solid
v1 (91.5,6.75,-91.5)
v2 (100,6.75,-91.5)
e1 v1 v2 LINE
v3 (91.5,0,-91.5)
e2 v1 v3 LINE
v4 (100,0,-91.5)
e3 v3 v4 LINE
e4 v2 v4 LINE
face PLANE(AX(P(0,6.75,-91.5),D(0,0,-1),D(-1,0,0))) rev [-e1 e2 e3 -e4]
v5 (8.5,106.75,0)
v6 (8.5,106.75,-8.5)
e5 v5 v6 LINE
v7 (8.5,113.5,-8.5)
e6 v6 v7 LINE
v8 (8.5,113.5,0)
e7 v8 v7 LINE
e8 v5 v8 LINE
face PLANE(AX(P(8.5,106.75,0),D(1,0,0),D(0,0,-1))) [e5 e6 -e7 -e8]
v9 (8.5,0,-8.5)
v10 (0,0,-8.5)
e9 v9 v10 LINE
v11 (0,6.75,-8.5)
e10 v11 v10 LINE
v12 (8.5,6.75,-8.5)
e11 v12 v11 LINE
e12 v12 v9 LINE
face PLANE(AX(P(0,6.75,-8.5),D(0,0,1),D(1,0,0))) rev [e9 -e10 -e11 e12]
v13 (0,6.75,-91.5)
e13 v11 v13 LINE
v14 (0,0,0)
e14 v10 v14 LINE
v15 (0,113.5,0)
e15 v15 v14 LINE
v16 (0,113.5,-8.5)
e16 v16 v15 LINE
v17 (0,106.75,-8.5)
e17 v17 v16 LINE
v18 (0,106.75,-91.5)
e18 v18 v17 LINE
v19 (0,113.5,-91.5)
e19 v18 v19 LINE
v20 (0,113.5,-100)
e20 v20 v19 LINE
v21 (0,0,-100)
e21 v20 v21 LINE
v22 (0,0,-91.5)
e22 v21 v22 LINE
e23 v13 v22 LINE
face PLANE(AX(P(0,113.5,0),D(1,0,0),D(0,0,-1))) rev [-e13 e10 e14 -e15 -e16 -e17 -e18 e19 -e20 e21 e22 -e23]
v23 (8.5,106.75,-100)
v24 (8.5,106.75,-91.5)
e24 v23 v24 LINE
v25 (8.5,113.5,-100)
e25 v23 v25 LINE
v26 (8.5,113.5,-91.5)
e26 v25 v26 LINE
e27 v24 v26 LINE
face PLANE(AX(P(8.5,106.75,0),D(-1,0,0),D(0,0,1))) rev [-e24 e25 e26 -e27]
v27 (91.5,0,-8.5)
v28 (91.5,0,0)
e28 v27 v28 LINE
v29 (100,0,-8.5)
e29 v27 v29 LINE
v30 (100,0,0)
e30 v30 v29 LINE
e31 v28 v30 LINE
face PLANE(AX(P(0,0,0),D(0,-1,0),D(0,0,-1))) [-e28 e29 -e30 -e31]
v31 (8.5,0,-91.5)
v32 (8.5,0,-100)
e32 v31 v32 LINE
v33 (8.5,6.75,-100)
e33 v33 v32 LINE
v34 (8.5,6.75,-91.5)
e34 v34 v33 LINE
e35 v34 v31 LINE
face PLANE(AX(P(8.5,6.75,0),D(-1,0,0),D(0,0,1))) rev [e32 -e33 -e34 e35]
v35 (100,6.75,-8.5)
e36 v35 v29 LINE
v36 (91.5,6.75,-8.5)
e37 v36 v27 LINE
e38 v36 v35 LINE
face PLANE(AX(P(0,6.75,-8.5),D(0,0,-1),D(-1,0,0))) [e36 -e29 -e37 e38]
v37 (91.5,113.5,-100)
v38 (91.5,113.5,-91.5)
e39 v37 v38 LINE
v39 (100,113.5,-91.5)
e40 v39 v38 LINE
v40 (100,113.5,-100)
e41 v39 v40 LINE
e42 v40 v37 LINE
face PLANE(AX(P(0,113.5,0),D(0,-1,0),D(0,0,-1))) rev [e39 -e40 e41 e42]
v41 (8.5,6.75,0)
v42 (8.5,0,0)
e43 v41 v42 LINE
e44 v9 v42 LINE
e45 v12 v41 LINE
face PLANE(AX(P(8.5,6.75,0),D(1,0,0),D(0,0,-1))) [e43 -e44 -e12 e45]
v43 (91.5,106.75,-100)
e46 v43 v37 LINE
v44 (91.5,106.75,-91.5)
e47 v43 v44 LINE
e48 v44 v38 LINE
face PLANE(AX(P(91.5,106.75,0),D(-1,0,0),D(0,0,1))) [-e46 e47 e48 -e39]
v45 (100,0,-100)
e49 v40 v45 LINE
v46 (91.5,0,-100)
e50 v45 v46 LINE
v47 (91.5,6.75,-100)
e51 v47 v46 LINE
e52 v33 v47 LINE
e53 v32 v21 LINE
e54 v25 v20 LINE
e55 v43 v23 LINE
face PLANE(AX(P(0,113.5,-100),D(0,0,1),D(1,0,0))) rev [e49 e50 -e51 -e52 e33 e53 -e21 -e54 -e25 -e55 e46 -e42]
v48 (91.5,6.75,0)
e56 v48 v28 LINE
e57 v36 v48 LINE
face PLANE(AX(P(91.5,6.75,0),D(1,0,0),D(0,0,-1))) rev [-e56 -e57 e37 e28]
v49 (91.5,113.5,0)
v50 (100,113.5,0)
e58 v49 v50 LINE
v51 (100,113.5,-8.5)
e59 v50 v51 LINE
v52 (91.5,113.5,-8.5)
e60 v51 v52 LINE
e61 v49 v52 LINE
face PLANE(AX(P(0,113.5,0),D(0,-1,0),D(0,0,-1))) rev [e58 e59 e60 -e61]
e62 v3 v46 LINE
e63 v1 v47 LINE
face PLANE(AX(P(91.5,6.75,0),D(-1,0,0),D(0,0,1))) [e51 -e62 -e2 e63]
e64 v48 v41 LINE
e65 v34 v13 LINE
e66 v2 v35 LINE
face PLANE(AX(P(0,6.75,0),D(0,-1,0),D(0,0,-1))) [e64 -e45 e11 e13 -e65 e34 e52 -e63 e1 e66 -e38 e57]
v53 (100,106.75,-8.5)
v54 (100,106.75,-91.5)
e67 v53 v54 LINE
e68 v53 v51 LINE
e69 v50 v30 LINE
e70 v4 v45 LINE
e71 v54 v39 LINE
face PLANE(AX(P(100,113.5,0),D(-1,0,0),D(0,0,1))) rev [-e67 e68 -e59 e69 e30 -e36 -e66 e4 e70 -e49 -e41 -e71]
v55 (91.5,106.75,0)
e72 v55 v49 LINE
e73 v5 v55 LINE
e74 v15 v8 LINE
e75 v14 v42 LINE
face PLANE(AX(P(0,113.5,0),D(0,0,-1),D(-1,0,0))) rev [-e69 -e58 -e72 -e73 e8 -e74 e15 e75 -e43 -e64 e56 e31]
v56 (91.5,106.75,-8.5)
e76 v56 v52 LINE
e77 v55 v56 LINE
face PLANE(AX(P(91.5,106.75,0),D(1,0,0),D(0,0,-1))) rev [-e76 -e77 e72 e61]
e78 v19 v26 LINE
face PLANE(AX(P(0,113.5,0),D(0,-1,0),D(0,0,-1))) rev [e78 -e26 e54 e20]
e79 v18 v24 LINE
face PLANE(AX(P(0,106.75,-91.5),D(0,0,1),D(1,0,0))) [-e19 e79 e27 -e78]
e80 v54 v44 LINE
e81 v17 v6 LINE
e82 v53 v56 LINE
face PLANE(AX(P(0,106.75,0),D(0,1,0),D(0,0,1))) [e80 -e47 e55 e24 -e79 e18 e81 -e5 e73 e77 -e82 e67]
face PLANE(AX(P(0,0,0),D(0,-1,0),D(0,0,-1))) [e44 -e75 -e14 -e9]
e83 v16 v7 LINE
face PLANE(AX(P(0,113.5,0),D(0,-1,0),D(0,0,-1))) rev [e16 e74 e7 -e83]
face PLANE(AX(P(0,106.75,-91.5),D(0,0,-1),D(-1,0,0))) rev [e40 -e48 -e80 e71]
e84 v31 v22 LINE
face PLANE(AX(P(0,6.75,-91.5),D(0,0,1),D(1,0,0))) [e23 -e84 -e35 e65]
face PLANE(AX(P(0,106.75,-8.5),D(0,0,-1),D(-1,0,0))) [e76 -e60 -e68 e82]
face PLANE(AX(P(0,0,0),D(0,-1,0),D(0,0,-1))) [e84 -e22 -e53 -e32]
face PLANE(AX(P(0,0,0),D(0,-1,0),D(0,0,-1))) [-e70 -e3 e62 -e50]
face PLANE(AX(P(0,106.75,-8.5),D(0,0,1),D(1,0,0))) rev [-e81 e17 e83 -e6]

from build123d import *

# Parameters (mm, degrees)
SKETCH1_W           = 100
SKETCH1_H           = 100
BOSS_EXTRUDE1_DEPTH = 113.5
CUT_EXTRUDE1_DEPTH  = 6.75
CUT_EXTRUDE2_START  = -113.5
CUT_EXTRUDE2_DEPTH  = 6.75


with BuildPart() as part:
    # Sketch1 → Boss-Extrude1 (new body)
    with BuildSketch(Plane(origin=(0, 0, 0), x_dir=(1, 0, 0), z_dir=(0, 1, 0))):
        with Locations((50, 50)):
            Rectangle(SKETCH1_W, SKETCH1_H)
    extrude(amount=BOSS_EXTRUDE1_DEPTH)

    # Sketch2 → Cut-Extrude1 (cut)
    with BuildSketch(Plane(origin=(0, 113.5, 0), x_dir=(1, 0, 0), z_dir=(0, 1, 0))):
        Polygon((91.5, 100), (8.5, 100), (8.5, 91.5), (0, 91.5), (0, 8.5), (8.5, 8.5), (8.5, 0), (91.5, 0), (91.5, 8.5), (100, 8.5), (100, 91.5), (91.5, 91.5), align=None)
    extrude(amount=-CUT_EXTRUDE1_DEPTH, mode=Mode.SUBTRACT)

    # Sketch2<3> → Cut-Extrude2 (cut)
    with BuildSketch(Plane(origin=(0, 113.5, 0), x_dir=(1, 0, 0), z_dir=(0, 1, 0)).offset(CUT_EXTRUDE2_START)):
        Polygon((91.5, 100), (8.5, 100), (8.5, 91.5), (0, 91.5), (0, 8.5), (8.5, 8.5), (8.5, 0), (91.5, 0), (91.5, 8.5), (100, 8.5), (100, 91.5), (91.5, 91.5), align=None)
    extrude(amount=CUT_EXTRUDE2_DEPTH, mode=Mode.SUBTRACT)


solid = part.part
